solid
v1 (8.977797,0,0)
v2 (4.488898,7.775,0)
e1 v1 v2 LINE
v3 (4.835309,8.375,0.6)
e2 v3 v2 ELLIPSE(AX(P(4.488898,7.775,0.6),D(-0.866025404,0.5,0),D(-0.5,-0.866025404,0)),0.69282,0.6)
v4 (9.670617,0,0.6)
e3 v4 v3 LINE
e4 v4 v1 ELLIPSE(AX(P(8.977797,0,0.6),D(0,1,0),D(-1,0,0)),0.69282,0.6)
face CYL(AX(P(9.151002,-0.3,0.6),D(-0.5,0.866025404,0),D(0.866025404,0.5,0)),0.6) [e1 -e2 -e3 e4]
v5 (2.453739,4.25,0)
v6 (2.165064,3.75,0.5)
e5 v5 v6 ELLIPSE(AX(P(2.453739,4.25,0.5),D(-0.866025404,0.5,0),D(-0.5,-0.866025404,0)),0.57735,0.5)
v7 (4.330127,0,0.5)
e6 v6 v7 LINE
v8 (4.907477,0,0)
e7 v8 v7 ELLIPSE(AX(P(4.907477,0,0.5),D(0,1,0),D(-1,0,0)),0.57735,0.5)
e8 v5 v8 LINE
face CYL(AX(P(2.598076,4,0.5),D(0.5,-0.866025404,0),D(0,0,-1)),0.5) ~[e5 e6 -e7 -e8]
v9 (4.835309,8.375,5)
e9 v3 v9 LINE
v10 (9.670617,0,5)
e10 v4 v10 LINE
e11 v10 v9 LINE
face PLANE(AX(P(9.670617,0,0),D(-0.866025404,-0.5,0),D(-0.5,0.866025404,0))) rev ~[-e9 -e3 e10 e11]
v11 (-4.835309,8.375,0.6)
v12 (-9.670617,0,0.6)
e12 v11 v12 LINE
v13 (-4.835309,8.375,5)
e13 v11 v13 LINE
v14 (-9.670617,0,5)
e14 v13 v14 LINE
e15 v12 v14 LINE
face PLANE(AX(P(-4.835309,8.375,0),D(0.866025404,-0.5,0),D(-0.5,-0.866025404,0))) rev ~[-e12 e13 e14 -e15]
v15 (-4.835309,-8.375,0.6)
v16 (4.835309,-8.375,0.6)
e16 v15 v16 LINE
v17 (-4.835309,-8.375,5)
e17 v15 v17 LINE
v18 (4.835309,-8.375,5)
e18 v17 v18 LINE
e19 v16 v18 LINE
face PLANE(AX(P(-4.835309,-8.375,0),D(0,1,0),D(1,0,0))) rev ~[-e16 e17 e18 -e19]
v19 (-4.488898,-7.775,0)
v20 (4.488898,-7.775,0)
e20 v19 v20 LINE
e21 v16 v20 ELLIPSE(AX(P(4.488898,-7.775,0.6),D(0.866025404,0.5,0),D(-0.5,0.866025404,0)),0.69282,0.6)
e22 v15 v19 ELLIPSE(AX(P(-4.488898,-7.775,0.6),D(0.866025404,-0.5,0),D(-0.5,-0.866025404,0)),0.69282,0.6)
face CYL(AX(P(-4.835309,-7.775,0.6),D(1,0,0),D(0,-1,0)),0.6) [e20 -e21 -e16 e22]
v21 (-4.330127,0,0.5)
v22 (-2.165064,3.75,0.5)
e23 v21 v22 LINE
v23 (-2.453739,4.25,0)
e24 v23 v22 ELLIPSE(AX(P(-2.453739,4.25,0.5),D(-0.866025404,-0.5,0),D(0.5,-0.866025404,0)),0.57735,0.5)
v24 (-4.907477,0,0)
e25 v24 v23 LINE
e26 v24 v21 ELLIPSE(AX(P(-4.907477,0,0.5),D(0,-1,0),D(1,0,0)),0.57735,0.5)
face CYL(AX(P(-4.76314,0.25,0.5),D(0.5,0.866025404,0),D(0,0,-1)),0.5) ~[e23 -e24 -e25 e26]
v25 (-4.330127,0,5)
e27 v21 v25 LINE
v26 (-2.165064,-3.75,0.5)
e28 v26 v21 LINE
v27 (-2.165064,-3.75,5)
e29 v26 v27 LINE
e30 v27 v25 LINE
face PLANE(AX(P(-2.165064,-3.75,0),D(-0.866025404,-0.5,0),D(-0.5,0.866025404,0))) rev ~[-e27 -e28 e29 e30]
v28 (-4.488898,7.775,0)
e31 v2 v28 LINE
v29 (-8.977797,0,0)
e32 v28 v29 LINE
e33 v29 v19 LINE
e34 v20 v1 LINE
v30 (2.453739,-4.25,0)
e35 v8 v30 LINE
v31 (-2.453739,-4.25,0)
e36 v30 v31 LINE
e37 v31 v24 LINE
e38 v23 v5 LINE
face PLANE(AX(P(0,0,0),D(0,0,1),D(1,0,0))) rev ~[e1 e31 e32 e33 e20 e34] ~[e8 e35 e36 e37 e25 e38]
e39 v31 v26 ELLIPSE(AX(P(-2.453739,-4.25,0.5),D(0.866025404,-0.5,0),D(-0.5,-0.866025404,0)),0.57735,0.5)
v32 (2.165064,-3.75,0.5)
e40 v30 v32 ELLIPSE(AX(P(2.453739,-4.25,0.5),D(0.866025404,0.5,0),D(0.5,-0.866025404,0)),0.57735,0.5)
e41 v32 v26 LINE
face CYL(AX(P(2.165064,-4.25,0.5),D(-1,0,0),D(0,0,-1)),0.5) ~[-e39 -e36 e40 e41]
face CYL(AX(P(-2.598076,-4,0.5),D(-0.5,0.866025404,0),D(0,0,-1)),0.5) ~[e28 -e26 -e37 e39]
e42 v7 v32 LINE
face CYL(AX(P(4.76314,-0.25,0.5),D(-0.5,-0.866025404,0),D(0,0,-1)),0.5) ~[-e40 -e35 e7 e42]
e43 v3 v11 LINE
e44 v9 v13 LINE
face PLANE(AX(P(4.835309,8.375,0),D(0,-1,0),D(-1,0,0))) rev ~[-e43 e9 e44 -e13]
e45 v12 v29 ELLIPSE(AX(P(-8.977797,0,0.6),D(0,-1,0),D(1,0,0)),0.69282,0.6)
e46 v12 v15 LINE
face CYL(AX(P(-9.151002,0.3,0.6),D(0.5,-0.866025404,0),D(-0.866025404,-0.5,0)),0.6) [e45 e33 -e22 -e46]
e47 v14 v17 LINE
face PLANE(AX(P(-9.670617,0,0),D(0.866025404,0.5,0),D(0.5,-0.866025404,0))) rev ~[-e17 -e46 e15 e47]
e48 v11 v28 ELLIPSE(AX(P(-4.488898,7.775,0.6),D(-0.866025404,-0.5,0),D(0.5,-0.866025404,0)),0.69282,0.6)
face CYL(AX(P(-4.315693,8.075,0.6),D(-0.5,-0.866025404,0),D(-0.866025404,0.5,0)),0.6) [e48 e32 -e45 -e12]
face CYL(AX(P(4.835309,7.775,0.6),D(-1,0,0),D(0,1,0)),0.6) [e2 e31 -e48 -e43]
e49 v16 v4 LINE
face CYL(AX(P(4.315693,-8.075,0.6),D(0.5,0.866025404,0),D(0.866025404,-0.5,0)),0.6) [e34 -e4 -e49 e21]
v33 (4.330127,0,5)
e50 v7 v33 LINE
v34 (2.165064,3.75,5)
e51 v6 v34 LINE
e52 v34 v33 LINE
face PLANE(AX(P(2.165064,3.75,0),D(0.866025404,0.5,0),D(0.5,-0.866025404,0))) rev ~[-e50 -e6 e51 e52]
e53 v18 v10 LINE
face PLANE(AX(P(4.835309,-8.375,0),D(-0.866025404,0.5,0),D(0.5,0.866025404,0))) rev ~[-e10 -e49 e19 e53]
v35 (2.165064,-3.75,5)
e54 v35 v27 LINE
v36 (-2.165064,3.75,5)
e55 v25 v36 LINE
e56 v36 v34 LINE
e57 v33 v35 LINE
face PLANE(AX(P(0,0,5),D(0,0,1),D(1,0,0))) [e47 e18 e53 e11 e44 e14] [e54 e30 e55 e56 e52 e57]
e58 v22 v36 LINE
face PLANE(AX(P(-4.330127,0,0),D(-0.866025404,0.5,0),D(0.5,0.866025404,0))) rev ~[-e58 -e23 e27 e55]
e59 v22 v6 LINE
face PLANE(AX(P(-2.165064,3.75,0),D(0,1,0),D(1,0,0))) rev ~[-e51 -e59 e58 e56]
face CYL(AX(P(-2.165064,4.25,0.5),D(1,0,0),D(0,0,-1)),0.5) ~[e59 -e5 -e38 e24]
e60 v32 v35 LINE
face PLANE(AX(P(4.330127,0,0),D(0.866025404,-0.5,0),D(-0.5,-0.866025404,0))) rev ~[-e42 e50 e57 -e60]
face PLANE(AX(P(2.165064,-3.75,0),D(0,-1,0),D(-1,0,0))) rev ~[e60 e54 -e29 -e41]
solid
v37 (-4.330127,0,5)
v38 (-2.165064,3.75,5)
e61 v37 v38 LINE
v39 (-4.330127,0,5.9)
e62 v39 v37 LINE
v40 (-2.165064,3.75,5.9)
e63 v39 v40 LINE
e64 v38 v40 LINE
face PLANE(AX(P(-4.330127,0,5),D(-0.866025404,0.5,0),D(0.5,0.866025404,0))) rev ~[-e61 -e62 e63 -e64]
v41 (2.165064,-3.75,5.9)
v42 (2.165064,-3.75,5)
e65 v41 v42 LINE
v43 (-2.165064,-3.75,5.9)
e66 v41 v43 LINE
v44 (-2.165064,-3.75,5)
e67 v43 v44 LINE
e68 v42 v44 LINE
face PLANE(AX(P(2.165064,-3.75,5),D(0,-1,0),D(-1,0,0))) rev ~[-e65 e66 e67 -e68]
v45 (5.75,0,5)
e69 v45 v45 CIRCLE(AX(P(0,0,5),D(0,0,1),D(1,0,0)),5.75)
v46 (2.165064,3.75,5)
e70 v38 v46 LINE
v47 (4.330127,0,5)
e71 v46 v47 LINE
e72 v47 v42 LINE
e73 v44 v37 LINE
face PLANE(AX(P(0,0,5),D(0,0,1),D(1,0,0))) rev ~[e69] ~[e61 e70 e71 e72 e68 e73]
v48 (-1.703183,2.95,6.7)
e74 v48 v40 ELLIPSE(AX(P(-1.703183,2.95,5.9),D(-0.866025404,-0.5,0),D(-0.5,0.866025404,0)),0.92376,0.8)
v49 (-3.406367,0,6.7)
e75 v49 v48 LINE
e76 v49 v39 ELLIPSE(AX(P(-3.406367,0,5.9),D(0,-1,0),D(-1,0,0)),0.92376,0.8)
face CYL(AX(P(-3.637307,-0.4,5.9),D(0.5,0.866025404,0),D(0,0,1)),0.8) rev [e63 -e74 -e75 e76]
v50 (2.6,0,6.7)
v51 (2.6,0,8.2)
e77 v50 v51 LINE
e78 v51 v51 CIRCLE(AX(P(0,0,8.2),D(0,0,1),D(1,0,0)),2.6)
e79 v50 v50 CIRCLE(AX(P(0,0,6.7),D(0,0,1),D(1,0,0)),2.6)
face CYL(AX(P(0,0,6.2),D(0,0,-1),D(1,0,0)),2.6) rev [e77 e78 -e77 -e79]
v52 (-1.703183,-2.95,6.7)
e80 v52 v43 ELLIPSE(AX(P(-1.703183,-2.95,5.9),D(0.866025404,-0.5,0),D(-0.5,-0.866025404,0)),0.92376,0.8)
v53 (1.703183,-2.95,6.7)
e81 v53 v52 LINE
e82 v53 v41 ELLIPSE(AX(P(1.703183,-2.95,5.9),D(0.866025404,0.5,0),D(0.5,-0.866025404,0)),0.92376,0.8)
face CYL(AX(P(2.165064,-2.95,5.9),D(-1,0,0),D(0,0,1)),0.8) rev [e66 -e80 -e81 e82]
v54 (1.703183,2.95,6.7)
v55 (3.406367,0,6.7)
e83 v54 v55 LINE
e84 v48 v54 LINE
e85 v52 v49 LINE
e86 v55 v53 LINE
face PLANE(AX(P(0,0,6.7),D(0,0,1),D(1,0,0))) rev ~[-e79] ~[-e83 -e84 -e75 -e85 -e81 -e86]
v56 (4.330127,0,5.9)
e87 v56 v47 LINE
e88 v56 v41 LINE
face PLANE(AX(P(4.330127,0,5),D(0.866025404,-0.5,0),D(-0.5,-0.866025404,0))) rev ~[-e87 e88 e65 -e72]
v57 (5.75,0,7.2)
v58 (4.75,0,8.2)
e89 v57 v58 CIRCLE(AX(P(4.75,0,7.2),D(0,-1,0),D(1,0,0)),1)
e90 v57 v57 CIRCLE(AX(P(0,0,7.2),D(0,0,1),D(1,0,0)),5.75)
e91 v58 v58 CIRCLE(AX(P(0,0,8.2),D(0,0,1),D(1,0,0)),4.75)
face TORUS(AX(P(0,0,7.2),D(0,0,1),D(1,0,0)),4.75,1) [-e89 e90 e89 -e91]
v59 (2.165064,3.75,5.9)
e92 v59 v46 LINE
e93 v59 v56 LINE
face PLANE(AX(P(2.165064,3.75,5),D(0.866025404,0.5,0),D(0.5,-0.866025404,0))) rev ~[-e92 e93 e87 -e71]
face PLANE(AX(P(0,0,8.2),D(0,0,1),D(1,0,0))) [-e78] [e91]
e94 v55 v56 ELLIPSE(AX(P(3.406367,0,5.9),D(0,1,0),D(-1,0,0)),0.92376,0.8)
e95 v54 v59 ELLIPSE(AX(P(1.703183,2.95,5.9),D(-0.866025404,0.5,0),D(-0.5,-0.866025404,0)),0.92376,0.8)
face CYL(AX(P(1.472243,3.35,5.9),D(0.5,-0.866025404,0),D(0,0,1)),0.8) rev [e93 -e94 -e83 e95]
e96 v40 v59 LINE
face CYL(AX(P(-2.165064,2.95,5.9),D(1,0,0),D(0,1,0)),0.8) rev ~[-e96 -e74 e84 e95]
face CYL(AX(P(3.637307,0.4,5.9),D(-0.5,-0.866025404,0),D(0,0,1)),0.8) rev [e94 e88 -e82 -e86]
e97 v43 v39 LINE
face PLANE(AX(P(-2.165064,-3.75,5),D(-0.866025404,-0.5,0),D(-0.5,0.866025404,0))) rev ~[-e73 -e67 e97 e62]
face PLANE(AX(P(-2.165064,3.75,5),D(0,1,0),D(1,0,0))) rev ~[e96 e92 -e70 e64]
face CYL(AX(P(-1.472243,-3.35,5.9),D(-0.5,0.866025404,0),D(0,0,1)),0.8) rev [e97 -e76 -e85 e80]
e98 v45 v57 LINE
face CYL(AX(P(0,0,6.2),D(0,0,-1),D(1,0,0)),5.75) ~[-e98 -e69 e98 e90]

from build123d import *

# Parameters (mm, degrees)
F1_DEPTH = 5
F2_R     = 5.75
F3_DEPTH = 1.2
F4_R     = 5.75
F4_R_2   = 2.6
F5_DEPTH = 2
F7_R     = 1
F8_R     = 0.6
F9_DEPTH = 0.5
F10_R    = 0.8
F11_R    = 0.5


with BuildPart() as f1:
    # F0 (on Top) → F1 (new body)
    with BuildSketch(Plane.XY):
        Polygon((4.8353085045, -8.375), (9.6706170089, 0), (4.8353085045, 8.375), (-4.8353085045, 8.375), (-9.6706170089, 0), (-4.8353085045, -8.375), align=None)
        Polygon((2.1650635095, 3.75), (4.3301270189, 0), (2.1650635095, -3.75), (-2.1650635095, -3.75), (-4.3301270189, 0), (-2.1650635095, 3.75), align=None, mode=Mode.SUBTRACT)
    extrude(amount=F1_DEPTH)

    # F8
    f8_edges = [f1.edges().sort_by_distance(p)[0] for p in [
        (-7.252963, -4.1875, 0),
        (-7.252963, 4.1875, 0),
        (0, 8.375, 0),
        (7.252963, 4.1875, 0),
        (7.252963, -4.1875, 0),
        (0, -8.375, 0),
    ]]
    fillet(f8_edges, radius=F8_R)

    # F11
    f11_edges = [f1.edges().sort_by_distance(p)[0] for p in [
        (3.247595, -1.875, 0),
        (3.247595, 1.875, 0),
        (0, 3.75, 0),
        (-3.247595, 1.875, 0),
        (0, -3.75, 0),
        (-3.247595, -1.875, 0),
    ]]
    fillet(f11_edges, radius=F11_R)


with BuildPart() as f3:
    # F2 (on face) → F3 (new body)
    with BuildSketch(Plane.XY.offset(5)):
        Circle(F2_R)
        Polygon((-2.1650635095, 3.75), (2.1650635095, 3.75), (4.3301270189, 0), (2.1650635095, -3.75), (-2.1650635095, -3.75), (-4.3301270189, 0), align=None, mode=Mode.SUBTRACT)
    extrude(amount=F3_DEPTH)

    # F4 (on face) → F5 (join)
    with BuildSketch(Plane.XY.offset(6.2)):
        Circle(F4_R)
        Polygon((-2.1650635095, -3.75), (-4.3301270189, 0), (-2.1650635095, 3.75), (2.1650635095, 3.75), (4.3301270189, 0), (2.1650635095, -3.75), align=None, mode=Mode.SUBTRACT)
        Polygon((-2.1650635095, 3.75), (-4.3301270189, 0), (-2.1650635095, -3.75), (2.1650635095, -3.75), (4.3301270189, 0), (2.1650635095, 3.75), align=None)
        Circle(F4_R_2, mode=Mode.SUBTRACT)
    extrude(amount=F5_DEPTH)

    # F7
    f7_edges = [f3.edges().sort_by_distance(p)[0] for p in [
        (-5.75, 0, 8.2),
    ]]
    fillet(f7_edges, radius=F7_R)

    # F9 (cut): a face of the model
    f9_faces = [f3.faces().sort_by_distance(p)[0] for p in [
        (-3.14837959, 1.8177178038, 6.2),
    ]]
    extrude(f9_faces, amount=-F9_DEPTH, mode=Mode.SUBTRACT)

    # F10
    f10_edges = [f3.edges().sort_by_distance(p)[0] for p in [
        (3.247595, -1.875, 6.7),
        (3.247595, 1.875, 6.7),
        (0, -3.75, 6.7),
        (-3.247595, -1.875, 6.7),
        (-3.247595, 1.875, 6.7),
        (0, 3.75, 6.7),
    ]]
    fillet(f10_edges, radius=F10_R)


solid = Compound([f1.part, f3.part])
